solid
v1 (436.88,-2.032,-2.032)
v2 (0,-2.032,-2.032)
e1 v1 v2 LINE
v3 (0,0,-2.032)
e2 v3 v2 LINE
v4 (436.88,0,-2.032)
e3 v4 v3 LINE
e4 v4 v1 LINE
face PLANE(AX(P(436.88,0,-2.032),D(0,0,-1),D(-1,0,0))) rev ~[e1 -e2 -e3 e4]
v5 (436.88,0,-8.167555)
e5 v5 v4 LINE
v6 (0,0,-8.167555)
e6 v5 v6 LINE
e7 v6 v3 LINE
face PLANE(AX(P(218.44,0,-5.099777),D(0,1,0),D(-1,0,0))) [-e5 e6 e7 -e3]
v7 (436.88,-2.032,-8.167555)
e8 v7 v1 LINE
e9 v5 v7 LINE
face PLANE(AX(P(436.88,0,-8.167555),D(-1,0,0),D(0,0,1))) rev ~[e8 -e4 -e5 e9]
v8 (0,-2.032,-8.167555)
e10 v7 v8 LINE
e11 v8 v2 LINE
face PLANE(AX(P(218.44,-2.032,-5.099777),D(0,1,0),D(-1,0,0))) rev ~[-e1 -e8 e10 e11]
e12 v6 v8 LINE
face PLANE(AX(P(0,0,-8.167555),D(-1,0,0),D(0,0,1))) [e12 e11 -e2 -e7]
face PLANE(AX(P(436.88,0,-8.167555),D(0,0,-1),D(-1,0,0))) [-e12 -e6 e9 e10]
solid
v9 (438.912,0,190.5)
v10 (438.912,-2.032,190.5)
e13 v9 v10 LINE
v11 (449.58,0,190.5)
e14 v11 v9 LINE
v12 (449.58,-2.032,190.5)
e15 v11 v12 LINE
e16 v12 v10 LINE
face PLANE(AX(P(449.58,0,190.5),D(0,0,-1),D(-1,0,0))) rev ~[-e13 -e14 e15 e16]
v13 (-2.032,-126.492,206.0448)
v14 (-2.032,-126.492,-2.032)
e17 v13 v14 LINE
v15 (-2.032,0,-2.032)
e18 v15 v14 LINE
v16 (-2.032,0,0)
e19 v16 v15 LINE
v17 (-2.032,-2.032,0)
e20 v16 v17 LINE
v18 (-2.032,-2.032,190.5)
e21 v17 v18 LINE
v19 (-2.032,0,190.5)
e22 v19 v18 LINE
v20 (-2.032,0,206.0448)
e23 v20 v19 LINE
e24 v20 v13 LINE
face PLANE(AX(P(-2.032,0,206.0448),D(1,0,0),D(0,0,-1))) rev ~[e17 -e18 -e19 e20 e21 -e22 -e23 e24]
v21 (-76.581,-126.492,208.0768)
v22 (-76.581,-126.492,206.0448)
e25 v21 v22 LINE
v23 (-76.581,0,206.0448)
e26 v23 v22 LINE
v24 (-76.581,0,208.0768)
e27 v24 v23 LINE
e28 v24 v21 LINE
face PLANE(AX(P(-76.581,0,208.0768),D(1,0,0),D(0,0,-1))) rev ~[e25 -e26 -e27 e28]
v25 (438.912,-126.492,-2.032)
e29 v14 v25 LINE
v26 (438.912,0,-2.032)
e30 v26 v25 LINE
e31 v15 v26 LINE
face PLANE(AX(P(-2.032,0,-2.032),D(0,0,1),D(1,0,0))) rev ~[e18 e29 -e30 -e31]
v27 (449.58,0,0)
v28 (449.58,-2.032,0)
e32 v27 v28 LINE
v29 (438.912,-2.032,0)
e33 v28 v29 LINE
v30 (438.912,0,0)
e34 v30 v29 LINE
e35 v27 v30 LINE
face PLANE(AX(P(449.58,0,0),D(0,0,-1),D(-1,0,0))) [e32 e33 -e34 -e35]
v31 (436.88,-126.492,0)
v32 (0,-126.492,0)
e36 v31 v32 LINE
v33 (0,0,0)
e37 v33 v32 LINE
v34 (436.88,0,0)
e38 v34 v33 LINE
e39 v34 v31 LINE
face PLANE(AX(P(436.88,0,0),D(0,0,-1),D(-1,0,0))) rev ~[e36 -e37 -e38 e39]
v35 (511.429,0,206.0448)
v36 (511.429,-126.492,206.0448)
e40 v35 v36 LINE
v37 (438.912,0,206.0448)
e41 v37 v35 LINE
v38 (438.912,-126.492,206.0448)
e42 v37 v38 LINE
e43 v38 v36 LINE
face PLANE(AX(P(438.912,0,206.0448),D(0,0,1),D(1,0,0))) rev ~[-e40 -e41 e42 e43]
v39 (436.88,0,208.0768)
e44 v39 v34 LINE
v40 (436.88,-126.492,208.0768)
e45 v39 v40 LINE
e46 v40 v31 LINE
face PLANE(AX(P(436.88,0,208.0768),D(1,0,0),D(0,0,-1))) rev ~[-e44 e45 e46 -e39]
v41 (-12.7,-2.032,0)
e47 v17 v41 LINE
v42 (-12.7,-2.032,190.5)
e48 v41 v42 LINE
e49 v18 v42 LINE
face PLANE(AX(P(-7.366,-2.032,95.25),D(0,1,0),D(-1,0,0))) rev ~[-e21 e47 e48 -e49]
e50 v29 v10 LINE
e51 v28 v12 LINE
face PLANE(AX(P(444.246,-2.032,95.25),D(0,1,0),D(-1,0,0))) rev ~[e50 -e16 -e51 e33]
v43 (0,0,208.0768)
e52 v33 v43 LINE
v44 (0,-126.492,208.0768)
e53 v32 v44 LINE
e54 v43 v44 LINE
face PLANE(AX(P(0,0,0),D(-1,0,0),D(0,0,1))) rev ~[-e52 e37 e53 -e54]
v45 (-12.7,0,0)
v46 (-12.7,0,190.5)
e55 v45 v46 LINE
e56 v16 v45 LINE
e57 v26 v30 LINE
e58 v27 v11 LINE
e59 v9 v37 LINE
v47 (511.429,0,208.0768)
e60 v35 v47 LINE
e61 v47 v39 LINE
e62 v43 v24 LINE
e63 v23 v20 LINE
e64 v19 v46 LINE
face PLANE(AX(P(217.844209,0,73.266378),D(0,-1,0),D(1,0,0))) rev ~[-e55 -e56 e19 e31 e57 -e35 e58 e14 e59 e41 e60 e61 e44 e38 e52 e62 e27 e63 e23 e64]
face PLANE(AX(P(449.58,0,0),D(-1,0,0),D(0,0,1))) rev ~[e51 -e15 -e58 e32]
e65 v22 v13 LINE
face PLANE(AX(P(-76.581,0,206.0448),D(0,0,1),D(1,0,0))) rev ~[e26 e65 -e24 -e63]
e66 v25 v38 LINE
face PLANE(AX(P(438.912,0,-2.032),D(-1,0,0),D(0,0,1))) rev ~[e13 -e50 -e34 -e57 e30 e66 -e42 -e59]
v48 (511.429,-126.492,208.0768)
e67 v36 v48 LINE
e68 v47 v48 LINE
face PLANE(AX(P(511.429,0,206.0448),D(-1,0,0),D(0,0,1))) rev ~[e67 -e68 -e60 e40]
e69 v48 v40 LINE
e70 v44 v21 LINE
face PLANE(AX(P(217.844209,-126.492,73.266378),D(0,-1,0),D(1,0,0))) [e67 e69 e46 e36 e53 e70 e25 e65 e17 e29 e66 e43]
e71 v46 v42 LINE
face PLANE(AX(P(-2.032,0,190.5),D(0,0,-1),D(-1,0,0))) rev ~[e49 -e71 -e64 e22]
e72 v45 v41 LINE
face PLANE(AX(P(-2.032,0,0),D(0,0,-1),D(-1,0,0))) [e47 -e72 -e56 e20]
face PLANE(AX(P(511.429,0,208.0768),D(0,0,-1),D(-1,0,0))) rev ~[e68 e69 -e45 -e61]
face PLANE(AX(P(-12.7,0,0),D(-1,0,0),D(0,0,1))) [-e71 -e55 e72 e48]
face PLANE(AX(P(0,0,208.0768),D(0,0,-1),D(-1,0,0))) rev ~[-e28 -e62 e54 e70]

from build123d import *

# Parameters (mm, degrees)
F1_DEPTH = 126.492
F2_W     = 436.88
F2_H     = 6.1355546244
F3_DEPTH = 2.032
F4_W     = 10.668
F4_H     = 190.5
F5_DEPTH = 2.032


with BuildPart() as f1:
    # F0 (on Front) → F1 (new body)
    with BuildSketch(Plane.XZ):
        Polygon((436.88, 0), (0, 0), (0, 206.0448), (0, 208.0768), (-2.032, 208.0768), (-76.581, 208.0768), (-76.581, 206.0448), (-2.032, 206.0448), (-2.032, 0), (-2.032, -2.032), (0, -2.032), (436.88, -2.032), (438.912, -2.032), (438.912, 0), (438.912, 206.0448), (511.429, 206.0448), (511.429, 208.0768), (436.88, 208.0768), align=None)
    extrude(amount=F1_DEPTH)

    # F4 (on face) → F5 (join)
    with BuildSketch(Plane(origin=(0, 0, 0), x_dir=(-1, 0, 0), z_dir=(0, 1, 0))):
        with Locations((7.366, 95.25)):
            Rectangle(F4_W, F4_H)
        with Locations((-444.246, 95.25)):
            Rectangle(F4_W, F4_H)
    extrude(amount=-F5_DEPTH)


with BuildPart() as f3:
    # F2 (on face) → F3 (new body)
    with BuildSketch(Plane(origin=(0, 0, 0), x_dir=(-1, 0, 0), z_dir=(0, 1, 0))):
        with Locations((-218.44, -5.0997773122)):
            Rectangle(F2_W, F2_H)
    extrude(amount=-F3_DEPTH)


solid = Compound([f1.part, f3.part])
